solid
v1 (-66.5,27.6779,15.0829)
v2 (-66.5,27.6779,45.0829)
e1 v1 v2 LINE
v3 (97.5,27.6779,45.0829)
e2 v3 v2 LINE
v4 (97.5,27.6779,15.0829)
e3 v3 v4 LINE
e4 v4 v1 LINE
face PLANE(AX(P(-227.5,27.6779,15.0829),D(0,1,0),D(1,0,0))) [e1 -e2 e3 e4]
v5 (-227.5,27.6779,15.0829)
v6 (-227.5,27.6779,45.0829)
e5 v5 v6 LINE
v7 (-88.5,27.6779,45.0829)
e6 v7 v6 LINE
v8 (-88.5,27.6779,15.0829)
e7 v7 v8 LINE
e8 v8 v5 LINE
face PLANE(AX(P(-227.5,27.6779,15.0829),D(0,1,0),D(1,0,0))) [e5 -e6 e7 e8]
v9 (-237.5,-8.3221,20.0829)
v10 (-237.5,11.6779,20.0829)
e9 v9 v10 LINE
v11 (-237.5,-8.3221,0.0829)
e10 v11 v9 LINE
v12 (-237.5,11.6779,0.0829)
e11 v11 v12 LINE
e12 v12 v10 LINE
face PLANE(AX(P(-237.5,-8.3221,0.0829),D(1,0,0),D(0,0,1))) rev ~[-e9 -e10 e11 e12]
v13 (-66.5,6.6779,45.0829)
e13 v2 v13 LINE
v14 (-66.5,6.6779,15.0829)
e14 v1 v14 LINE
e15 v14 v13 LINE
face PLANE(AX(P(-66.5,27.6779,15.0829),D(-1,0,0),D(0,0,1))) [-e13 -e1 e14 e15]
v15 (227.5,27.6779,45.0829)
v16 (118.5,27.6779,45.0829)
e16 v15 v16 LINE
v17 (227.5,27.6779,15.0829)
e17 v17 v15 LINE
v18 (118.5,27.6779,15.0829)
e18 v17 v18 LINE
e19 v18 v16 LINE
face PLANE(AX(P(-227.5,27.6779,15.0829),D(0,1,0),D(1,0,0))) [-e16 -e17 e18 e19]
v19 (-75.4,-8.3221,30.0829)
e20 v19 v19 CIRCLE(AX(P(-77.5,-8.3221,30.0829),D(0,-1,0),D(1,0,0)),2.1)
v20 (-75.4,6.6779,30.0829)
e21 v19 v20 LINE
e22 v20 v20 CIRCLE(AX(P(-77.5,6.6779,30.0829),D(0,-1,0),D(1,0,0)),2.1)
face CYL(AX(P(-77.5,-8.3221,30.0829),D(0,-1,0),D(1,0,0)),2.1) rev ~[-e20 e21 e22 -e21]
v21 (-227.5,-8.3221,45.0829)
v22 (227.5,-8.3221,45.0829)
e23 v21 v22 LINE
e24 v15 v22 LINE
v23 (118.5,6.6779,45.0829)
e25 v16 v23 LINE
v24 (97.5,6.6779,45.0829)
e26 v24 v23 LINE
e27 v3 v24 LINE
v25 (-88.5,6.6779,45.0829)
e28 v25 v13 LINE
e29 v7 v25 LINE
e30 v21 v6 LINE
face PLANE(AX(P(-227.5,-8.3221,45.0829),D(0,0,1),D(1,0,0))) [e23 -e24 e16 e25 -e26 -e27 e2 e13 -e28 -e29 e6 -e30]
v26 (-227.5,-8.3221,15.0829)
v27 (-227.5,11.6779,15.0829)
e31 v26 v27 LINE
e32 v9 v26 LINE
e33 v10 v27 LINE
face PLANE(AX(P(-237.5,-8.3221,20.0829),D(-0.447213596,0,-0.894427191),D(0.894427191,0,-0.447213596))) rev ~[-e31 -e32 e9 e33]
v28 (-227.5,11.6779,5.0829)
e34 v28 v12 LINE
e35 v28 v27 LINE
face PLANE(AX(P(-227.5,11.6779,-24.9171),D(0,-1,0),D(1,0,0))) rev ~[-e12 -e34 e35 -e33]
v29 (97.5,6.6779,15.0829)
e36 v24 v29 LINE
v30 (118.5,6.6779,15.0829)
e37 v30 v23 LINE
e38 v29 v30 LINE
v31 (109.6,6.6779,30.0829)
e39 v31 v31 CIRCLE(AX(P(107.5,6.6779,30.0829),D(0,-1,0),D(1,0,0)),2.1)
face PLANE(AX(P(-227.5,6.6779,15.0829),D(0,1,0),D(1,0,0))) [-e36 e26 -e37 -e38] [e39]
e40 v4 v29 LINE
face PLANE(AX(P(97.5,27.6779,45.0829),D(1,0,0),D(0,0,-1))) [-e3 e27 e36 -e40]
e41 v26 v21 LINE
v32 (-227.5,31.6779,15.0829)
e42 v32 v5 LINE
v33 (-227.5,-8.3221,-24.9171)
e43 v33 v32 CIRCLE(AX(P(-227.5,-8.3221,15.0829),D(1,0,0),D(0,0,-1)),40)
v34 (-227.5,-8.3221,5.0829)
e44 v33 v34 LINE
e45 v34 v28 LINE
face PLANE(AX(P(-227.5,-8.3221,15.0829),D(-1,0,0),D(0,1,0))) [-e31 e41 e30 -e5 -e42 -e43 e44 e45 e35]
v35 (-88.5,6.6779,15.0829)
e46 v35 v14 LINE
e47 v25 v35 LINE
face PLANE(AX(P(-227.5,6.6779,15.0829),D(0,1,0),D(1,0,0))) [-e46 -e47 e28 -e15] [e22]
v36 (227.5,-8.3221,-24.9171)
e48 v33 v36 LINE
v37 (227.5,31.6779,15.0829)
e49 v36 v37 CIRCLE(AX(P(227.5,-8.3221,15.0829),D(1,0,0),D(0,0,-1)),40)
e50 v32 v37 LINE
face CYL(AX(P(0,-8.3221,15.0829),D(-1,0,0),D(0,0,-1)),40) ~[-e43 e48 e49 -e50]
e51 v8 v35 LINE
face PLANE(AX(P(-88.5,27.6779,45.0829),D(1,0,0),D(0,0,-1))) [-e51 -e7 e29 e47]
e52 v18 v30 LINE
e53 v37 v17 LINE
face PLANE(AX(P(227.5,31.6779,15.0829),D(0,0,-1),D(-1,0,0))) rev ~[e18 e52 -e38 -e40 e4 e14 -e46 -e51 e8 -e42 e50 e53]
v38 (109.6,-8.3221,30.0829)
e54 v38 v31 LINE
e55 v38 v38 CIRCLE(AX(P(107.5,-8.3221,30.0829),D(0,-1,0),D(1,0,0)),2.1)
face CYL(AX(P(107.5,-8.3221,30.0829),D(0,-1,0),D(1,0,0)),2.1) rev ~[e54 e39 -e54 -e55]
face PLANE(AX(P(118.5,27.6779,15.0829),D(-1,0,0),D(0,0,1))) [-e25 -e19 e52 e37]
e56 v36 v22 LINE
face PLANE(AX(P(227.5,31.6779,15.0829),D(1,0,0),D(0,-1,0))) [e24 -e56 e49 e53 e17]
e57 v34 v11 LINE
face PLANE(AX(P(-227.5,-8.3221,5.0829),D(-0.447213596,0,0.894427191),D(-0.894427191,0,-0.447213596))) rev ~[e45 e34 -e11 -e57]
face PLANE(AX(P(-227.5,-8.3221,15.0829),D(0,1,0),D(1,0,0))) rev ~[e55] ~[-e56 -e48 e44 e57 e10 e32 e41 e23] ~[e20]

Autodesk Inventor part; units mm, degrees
ref_plane "YZ Plane" through (0, 0, 0) normal (1, 0, 0) x (0, 1, 0)
ref_plane "XZ Plane" through (0, 0, 0) normal (0, 1, 0) x (-1, 0, 0)
ref_plane "XY Plane" through (0, 0, 0) normal (0, 0, 1) x (1, 0, 0)
sketch "Эскиз1" plane through (0, 0, 0) normal (1, 0, 0) x (0, 1, 0)
  line L0 (-8.3221, -24.9171) -> (-8.3221, 15.0829)
  line L1 (-8.3221, 15.0829) -> (31.6779, 15.0829)
  arc A0 (-8.3221, -24.9171) -> (31.6779, 15.0829) centre (-8.3221, 15.0829) ccw
  point P0 (0, 0)
  dimension "d1" = 40
extrude "Выдавливание1" add sketch "Эскиз1" along normal mid plane 455
sketch "Эскиз3" plane through (-227.5, -8.3221, 15.0829) normal (0, 0, 1) x (1, 0, 0)
  line L0 (0, 0) -> (455, 0) projected
  line L1 (455, 40) -> (455, 0) projected
  line L2 (455, 40) -> (0, 40) projected
  line L3 (0, 0) -> (0, 40) projected
  point P0 (227.5, 8.3221)
extrude "Выдавливание2" add sketch "Эскиз3" along normal blind 30
sketch "Эскиз4" plane through (-227.5, 31.6779, 15.0829) normal (0, 1, 0) x (1, 0, 0)
  line L0 (455, 0) -> (0, 0) projected
  line L1 (0, 0) -> (0, -30) projected
  line L2 (455, -30) -> (0, -30) projected
  line L3 (455, 0) -> (455, -30) projected
  point P0 (227.5, 15.0829)
extrude "Выдавливание3" cut sketch "Эскиз4" against normal blind 4
sketch "Эскиз6" plane through (-227.5, 27.6779, 15.0829) normal (0, 1, 0) x (1, 0, 0)
  line L0 (0, 40) -> (0, -30) projected
  line L1 (0, -14.536) -> (200.0528, -14.536) construction
  line L2 (455, 0) -> (0, 0) projected
  circle A0 centre (10.061, -14.536) radius 8.0645
  circle A1 centre (37.061, -14.536) radius 8.0645
  circle A2 centre (64.061, -14.536) radius 8.0645
  circle A3 centre (91.061, -14.536) radius 8.0645
  circle A4 centre (118.061, -14.536) radius 8.0645
  circle A5 centre (145.061, -14.536) radius 8.0645
  circle A6 centre (172.061, -14.536) radius 8.0645
  point P0 (227.5, 15.0829)
  dimension "d21" = 14.536
  dimension "d22" = 16.129
  dimension "d23" = 10.061
  dimension "d26" = 27
extrude "Выдавливание5" [suppressed]
sketch "Эскиз8" plane through (-227.5, -8.3221, -24.9171) normal (0, -1, 0) x (1, 0, 0)
  line L0 (455, 50) -> (465, 55)
  line L1 (465, 55) -> (465, 35)
  line L2 (465, 35) -> (455, 40)
  line L3 (455, 0) -> (455, 70) projected
  point P0 (227.5, 24.9171)
  point P1 (465, 45)
  dimension "d33" = 20
  dimension "d34" = 10
  dimension "d35" = 20
  dimension "d36" = 15
  dimension "d37" = 10
extrude "Выдавливание6" [suppressed]
sketch "Эскиз9" plane through (-227.5, -8.3221, -24.9171) normal (0, -1, 0) x (1, 0, 0)
  line L0 (210, 40) -> (220, 45)
  line L1 (220, 45) -> (220, 25)
  line L2 (220, 25) -> (210, 30)
  line L3 (455, 0) -> (455, 70) projected
  line L4 (-10, 25) -> (-10, 45)
  line L5 (-10, 45) -> (0, 40)
  line L6 (0, 30) -> (-10, 25)
  line L7 (0, 0) -> (0, 70) projected
  point P0 (227.5, 24.9171)
extrude "Выдавливание7" [suppressed]
sketch "Эскиз10" plane through (-227.5, -8.3221, -24.9171) normal (0, -1, 0) x (1, 0, 0)
  line L0 (-10, 45) -> (0, 40)
  line L1 (-10, 25) -> (-10, 45)
  line L2 (0, 30) -> (-10, 25)
  line L3 (0, 0) -> (0, 70) projected
  point P0 (227.5, 24.9171)
extrude "Выдавливание8" add sketch "Эскиз10" against normal blind 20
sketch "Эскиз11" plane through (-227.5, -8.3221, -24.9171) normal (0, -1, 0) x (1, 0, 0)
  line L0 (0, 70) -> (455, 70) projected
  line L1 (0, 0) -> (455, 0) projected
  line L2 (0, 40) -> (455, 40) projected
  point P0 (227.5, 24.9171)
feature "Разделение1" [suppressed]
sketch "Эскиз14" plane through (-227.5, 27.6779, 15.0829) normal (0, 1, 0) x (1, 0, 0)
  line L0 (0, 0) -> (455, 0) projected
  line L1 (0, -30) -> (455, -30) projected
  line L2 (134.048, 0) -> (100.336, 0)
  line L3 (100.336, 0) -> (100.336, -30) construction
  line L4 (100.336, -30) -> (134.048, -30)
  line L5 (134.048, -30) -> (134.048, 0)
  line L6 (105, 0) -> (105, -320)
  line L7 (319.048, 0) -> (285.336, 0)
  line L8 (285.336, -30) -> (319.048, -30)
  line L9 (319.048, -30) -> (319.048, 0)
  line L10 (290, 0) -> (290, -320)
  point P0 (227.5, 15.0829)
  point P1 (105, -30)
  point P2 (134.048, -30)
  point P3 (290, -30)
  point P4 (319.048, -30)
  dimension "d71" = 33.712
  dimension "d72" = 4.664
  dimension "d75" = 185
extrude "Выдавливание10" [suppressed]
ref_plane "РабПлоскость1" through (-227.5, 31.6779, 30.0829) normal (0, 0, 1) x (1, 0, 0)
sketch "Эскиз16" plane through (-227.5, -8.3221, -24.9171) normal (0, -1, 0) x (1, 0, 0)
  circle A0 centre (115, 55) radius 2.529
  line L0 (-91, 55) -> (546, 55) construction
  line L1 (115, 360) -> (115, 40) construction
  line L2 (300, 360) -> (300, 40) construction
  circle A1 centre (300, 55) radius 2.529
  point P0 (227.5, 24.9171)
  dimension "d82" = 5.058
extrude "Выдавливание11" [suppressed]
sketch "Эскиз12" plane through (-227.5, 27.6779, 15.0829) normal (0, 1, 0) x (1, 0, 0)
  line L0 (0, 0) -> (455, 0) projected
  line L1 (248.041, 0) -> (248.041, -5)
  line L2 (248.041, -5) -> (264.217, -4.95)
  line L3 (264.217, -4.95) -> (264.217, -17.926)
  line L4 (264.217, -17.926) -> (248.041, -20.945)
  line L5 (248.041, -20.945) -> (248.041, -30)
  line L6 (0, -30) -> (455, -30) projected
  line L7 (227.5, 54) -> (227.5, -44) projected
  point P0 (227.5, 15.0829)
  dimension "d54" = 20.541
  dimension "d55" = 16.176
  dimension "d56" = 12.074
  dimension "d57" = 4.95
  dimension "d58" = 9.055
  dimension "d59" = 5
feature "Разделение2" [suppressed]
sketch "Эскиз13" plane through (-227.5, 27.6779, 15.0829) normal (0, 1, 0) x (1, 0, 0)
  line L0 (0, -30) -> (455, -30) projected
  line L1 (0, 0) -> (455, 0) projected
  line L2 (346, -30) -> (324, -30)
  line L3 (324, -30) -> (324, 0)
  line L4 (324, 0) -> (346, 0)
  line L5 (346, 0) -> (346, -30)
  line L6 (325, -320) -> (325, 0)
  line L7 (161, -30) -> (139, -30)
  line L8 (139, -30) -> (139, 0)
  line L9 (139, 0) -> (161, 0)
  line L10 (161, 0) -> (161, -30)
  point P0 (227.5, 15.0829)
  point P1 (325, -30)
  point P2 (346, 0)
  point P3 (161, 0)
  dimension "d60" = 22
  dimension "d61" = 1
  dimension "d66" = 185
extrude "Выдавливание9" cut sketch "Эскиз13" against normal blind 21 contours L8 L1 L10 L0 | L6 L1 L5 L0
sketch "Эскиз17" plane through (-227.5, -8.3221, -24.9171) normal (0, -1, 0) x (1, 0, 0)
  circle A0 centre (150, 55) radius 2.1
  line L0 (-91, 55) -> (546, 55) construction
  line L1 (150, 40) -> (150, 360) construction
  line L2 (335, 40) -> (335, 360) construction
  circle A1 centre (335, 55) radius 2.1
  point P0 (227.5, 24.9171)
  dimension "d85" = 4.2
extrude "Выдавливание12" cut sketch "Эскиз17" against normal up to next
sketch "Эскиз18" plane through (-227.5, 0, 0) normal (-1, 0, 0) x (0, 0, 1)
  arc A0 (15.0829, 17.6779) -> (-10.9171, -8.3221) centre (15.0829, -8.3221) ccw
  line L0 (-24.9171, -8.3221) -> (45.0829, -8.3221) projected
  arc A1 (15.0829, 27.6779) -> (-20.9171, -8.3221) centre (15.0829, -8.3221) ccw construction
  line L1 (45.0829, 27.6779) -> (15.0829, 27.6779) projected
  line L2 (15.0829, 17.6779) -> (15.0829, 27.6779) construction
  line L3 (45.0829, -8.3221) -> (45.0829, 27.6779) projected
  arc A2 (15.6159, 17.1393) -> (-10.3841, -8.3221) centre (15.0829, -8.3221) ccw
  line L4 (15.6159, 17.1393) -> (15.6159, 28.207)
  arc A3 (15.6159, 28.207) -> (-21.4501, -8.3221) centre (15.0829, -8.3221) ccw
  point P0 (0, 0)
  point P1 (15.0829, 17.6779)
  point P2 (-21.4501, -8.3221)
  point P3 (-10.3841, -8.3221)
  dimension "d94" = 0.533
extrude "Выдавливание13" [suppressed]
sketch "Эскиз19" plane through (-227.5, 27.6779, 15.0829) normal (0, 1, 0) x (1, 0, 0)
  line L0 (237.5, 0) -> (0, 0) projected
  line L1 (105, -30) -> (0, -30) projected
  line L2 (0, 0) -> (16.614, 0)
  line L3 (16.614, 0) -> (16.614, -30)
  line L4 (16.614, -30) -> (0, -30)
  line L5 (0, -30) -> (0, 0)
  point P0 (227.5, 15.0829)
  dimension "d90" = 16.614
extrude "Выдавливание14" [suppressed]
properties part number "Край задней части корпуса"
